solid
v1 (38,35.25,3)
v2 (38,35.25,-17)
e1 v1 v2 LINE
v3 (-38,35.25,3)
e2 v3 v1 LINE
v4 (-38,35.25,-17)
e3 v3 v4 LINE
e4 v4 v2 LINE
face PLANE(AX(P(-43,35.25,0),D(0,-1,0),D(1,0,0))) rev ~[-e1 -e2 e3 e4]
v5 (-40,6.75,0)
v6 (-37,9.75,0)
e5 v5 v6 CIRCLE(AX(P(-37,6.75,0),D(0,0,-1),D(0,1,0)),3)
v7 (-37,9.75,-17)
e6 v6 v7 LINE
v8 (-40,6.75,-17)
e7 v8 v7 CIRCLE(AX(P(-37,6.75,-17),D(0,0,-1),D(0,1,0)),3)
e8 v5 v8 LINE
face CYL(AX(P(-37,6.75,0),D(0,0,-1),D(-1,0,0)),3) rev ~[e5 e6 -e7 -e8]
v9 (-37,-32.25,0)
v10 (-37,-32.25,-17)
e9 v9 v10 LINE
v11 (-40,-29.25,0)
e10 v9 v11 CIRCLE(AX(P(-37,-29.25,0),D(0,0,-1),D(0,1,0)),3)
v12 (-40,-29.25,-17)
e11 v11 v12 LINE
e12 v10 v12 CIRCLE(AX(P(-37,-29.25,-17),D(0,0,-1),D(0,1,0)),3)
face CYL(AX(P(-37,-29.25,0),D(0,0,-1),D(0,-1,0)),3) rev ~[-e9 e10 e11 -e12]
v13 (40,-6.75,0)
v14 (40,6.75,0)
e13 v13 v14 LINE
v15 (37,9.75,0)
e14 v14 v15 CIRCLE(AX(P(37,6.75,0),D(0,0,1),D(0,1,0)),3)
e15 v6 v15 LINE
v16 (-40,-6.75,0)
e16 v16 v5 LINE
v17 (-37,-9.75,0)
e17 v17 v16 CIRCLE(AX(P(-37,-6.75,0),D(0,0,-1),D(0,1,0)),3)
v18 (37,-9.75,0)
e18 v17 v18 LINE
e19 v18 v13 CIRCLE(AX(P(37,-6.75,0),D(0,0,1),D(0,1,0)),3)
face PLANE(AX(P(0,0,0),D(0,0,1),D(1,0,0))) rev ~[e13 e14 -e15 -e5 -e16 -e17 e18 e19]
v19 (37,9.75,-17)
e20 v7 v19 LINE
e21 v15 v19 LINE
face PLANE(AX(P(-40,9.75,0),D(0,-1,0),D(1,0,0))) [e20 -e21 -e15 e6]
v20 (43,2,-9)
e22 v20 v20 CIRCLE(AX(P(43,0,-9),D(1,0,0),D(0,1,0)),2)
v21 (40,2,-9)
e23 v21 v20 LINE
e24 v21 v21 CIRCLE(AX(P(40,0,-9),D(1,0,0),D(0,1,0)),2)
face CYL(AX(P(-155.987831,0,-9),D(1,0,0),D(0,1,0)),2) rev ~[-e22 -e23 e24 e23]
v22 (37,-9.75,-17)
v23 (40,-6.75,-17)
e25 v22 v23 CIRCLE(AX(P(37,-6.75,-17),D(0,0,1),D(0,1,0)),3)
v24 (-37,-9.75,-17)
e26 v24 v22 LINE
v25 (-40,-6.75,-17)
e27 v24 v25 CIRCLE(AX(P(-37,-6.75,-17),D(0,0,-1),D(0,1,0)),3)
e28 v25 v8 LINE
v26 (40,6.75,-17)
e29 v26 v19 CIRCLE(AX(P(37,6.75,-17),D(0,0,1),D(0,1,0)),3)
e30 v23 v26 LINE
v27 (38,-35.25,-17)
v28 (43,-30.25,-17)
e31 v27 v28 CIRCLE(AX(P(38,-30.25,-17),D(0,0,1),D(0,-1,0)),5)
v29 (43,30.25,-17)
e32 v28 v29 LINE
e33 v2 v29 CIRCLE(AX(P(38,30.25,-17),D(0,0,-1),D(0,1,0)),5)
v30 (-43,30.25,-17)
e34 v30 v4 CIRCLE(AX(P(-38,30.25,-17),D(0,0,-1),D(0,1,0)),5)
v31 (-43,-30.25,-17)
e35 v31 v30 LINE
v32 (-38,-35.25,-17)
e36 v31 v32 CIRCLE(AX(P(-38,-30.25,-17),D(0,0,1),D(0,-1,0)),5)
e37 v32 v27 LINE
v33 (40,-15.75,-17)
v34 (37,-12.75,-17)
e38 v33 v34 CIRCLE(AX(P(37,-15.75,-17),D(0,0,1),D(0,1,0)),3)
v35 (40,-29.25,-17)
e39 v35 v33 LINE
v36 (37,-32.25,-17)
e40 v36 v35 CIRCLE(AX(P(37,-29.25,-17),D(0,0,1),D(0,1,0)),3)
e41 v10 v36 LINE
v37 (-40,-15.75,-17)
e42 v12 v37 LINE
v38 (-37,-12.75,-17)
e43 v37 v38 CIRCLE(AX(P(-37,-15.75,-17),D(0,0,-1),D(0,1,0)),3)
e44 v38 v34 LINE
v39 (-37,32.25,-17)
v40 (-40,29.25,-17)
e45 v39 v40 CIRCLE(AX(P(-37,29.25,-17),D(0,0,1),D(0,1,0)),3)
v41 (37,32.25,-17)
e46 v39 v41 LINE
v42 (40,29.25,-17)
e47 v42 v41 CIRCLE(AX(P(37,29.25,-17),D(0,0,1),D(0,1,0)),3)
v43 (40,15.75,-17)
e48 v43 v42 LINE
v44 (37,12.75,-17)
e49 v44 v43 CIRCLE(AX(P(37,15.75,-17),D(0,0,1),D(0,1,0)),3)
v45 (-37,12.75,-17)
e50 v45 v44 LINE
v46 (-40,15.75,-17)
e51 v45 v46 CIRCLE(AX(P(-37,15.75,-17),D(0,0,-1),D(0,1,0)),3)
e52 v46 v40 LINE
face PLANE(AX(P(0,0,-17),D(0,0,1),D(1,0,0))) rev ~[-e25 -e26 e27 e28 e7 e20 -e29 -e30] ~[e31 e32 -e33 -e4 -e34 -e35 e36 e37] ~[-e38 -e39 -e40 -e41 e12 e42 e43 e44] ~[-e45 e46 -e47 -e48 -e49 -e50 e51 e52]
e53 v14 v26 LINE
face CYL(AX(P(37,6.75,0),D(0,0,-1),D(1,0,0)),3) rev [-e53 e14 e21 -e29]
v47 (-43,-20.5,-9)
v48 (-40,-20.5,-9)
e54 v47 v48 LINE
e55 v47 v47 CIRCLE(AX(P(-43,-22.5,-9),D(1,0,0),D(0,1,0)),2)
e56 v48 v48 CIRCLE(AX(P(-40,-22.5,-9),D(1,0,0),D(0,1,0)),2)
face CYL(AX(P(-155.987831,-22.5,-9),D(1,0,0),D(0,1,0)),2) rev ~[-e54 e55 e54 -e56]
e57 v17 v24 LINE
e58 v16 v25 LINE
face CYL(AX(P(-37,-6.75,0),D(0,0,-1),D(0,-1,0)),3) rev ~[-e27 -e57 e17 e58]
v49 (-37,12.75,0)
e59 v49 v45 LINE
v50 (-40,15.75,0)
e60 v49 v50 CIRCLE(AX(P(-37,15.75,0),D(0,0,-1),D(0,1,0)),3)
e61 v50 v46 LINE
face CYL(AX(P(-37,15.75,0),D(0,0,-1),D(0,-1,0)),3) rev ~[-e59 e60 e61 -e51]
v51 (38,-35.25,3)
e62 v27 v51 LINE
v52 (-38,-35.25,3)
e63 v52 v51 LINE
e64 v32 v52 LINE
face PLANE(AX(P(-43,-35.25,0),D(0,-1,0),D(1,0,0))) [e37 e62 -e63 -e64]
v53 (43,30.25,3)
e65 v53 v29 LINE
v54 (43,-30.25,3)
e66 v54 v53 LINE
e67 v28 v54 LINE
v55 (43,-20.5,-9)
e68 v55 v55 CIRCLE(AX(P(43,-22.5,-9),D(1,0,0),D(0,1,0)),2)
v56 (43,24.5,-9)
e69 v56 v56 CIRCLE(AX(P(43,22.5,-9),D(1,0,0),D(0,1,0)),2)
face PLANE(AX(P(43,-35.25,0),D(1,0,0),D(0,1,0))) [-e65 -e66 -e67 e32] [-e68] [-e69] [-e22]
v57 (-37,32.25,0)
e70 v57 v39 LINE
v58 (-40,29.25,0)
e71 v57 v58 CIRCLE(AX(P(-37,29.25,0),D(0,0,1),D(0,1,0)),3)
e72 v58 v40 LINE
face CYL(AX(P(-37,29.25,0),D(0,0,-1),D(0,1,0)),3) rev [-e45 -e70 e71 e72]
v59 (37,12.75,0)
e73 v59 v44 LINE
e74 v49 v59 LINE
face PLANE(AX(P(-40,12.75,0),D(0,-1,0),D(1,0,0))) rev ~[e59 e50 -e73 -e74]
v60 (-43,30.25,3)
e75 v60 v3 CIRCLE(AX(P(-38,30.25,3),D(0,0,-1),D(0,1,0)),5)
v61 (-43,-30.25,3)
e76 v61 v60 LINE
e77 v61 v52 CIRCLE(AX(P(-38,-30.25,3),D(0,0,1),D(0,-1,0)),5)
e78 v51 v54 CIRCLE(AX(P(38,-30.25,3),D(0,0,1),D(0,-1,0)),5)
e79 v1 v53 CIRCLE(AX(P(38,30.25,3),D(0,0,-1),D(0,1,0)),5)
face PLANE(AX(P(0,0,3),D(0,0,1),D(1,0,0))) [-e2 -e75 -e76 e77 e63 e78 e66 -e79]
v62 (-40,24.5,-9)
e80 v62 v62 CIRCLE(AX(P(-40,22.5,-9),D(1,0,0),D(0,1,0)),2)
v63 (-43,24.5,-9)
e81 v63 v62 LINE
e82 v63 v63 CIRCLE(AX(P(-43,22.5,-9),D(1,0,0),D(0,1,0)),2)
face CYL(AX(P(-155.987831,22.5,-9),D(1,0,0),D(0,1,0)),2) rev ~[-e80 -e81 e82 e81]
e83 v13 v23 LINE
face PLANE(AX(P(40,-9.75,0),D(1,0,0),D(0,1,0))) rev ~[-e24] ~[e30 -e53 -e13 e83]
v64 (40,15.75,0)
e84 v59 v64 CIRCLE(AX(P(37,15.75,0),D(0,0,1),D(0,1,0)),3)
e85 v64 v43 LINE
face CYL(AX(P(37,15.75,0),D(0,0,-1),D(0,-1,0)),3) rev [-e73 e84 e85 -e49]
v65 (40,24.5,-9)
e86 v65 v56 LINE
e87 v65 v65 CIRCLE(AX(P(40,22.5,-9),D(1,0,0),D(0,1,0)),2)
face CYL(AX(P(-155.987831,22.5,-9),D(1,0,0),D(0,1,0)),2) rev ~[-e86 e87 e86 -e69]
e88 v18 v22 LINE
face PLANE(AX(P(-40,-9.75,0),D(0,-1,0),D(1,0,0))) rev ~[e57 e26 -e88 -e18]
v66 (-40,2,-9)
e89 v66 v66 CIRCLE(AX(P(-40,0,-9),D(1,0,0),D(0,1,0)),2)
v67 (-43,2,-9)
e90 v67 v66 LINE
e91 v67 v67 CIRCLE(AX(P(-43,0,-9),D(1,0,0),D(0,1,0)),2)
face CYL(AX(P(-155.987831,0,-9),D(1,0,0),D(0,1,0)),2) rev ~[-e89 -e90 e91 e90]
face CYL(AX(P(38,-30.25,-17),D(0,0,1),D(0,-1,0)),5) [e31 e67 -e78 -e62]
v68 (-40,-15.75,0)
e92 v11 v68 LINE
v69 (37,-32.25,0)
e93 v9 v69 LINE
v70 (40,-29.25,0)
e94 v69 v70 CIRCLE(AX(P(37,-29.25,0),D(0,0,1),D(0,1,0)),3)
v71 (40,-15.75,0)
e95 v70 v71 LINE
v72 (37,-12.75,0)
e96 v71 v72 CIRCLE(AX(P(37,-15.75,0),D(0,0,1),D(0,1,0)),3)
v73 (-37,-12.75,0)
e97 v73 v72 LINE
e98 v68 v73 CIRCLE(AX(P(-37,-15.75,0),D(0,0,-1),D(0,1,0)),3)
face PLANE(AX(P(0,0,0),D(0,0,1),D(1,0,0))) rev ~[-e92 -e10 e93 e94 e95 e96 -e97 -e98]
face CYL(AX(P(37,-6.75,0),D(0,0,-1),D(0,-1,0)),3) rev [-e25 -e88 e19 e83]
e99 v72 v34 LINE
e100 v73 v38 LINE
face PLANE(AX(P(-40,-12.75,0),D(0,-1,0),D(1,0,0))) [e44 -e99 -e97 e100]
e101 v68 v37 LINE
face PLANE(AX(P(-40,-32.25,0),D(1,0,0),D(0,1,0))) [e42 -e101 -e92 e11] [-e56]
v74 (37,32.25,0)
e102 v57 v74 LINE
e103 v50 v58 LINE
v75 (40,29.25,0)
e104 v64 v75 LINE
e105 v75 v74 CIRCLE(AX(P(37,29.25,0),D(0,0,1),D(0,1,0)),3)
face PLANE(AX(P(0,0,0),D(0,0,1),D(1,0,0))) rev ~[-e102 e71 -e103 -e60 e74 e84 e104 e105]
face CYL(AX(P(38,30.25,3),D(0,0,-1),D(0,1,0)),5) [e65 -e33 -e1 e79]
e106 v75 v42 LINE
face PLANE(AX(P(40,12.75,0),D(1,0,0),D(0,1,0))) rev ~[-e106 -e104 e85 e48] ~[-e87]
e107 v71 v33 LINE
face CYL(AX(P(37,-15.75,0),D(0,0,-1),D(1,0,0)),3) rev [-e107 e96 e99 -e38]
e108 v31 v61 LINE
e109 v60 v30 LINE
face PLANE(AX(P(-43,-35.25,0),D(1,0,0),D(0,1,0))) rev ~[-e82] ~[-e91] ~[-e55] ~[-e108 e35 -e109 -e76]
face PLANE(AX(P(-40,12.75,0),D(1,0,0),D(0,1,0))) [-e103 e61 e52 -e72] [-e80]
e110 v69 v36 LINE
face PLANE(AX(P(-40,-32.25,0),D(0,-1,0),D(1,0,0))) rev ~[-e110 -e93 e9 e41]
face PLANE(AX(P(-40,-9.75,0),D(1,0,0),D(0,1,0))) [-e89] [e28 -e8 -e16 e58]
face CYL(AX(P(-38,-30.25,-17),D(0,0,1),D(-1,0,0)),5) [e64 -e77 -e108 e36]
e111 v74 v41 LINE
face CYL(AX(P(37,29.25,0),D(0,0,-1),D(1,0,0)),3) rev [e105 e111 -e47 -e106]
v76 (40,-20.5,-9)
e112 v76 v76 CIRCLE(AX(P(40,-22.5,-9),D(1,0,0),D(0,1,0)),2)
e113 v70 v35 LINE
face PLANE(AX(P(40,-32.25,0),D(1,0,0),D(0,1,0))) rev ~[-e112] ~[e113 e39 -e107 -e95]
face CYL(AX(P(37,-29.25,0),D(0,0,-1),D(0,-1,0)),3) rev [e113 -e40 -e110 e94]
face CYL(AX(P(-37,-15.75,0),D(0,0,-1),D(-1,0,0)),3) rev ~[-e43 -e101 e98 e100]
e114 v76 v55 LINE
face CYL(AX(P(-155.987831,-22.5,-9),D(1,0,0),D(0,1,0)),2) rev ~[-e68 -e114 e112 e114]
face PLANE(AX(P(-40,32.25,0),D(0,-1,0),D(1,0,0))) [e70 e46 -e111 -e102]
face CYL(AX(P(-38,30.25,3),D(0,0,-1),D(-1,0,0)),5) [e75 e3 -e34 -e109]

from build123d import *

# Parameters (mm, degrees)
F0_W     = 86
F0_H     = 70.5
F0_W_2   = 80
F0_H_2   = 19.5
F1_DEPTH = 3
F2_DEPTH = 17
F4_D     = 4
F5_R     = 3
F6_R     = 5


with BuildPart() as f1:
    # F0 (on Top) → F1 (new body)
    with BuildSketch(Plane.XY):
        Rectangle(F0_W, F0_H)
        with Locations((0, -22.5)):
            Rectangle(F0_W_2, F0_H_2, mode=Mode.SUBTRACT)
        Rectangle(F0_W_2, F0_H_2, mode=Mode.SUBTRACT)
        with Locations((0, 22.5)):
            Rectangle(F0_W_2, F0_H_2, mode=Mode.SUBTRACT)
        with Locations((0, -22.5)):
            Rectangle(F0_W_2, F0_H_2)
        Rectangle(F0_W_2, F0_H_2)
        with Locations((0, 22.5)):
            Rectangle(F0_W_2, F0_H_2)
    extrude(amount=F1_DEPTH)

    # F0 (on Top) → F2 (join)
    with BuildSketch(Plane.XY):
        Rectangle(F0_W, F0_H)
        with Locations((0, -22.5)):
            Rectangle(F0_W_2, F0_H_2, mode=Mode.SUBTRACT)
        Rectangle(F0_W_2, F0_H_2, mode=Mode.SUBTRACT)
        with Locations((0, 22.5)):
            Rectangle(F0_W_2, F0_H_2, mode=Mode.SUBTRACT)
    extrude(amount=-F2_DEPTH)

    # F4 (through all)
    with Locations(Plane(origin=(-43, 0, 0), x_dir=(0, -1, 0), z_dir=(-1, 0, 0))):
        with Locations((-22.5, -9), (0, -9), (22.5, -9)):
            Hole(F4_D / 2)

    # F5
    f5_edges = [f1.edges().sort_by_distance(p)[0] for p in [
        (40, 32.25, -8.5),
        (-40, 32.25, -8.5),
        (-40, 12.75, -8.5),
        (40, 12.75, -8.5),
        (40, -9.75, -8.5),
        (-40, -9.75, -8.5),
        (-40, 9.75, -8.5),
        (40, 9.75, -8.5),
        (40, -12.75, -8.5),
        (-40, -12.75, -8.5),
        (-40, -32.25, -8.5),
        (40, -32.25, -8.5),
    ]]
    fillet(f5_edges, radius=F5_R)

    # F6
    f6_edges = [f1.edges().sort_by_distance(p)[0] for p in [
        (43, 35.25, -7),
        (43, -35.25, -7),
        (-43, -35.25, -7),
        (-43, 35.25, -7),
    ]]
    fillet(f6_edges, radius=F6_R)


solid = f1.part
